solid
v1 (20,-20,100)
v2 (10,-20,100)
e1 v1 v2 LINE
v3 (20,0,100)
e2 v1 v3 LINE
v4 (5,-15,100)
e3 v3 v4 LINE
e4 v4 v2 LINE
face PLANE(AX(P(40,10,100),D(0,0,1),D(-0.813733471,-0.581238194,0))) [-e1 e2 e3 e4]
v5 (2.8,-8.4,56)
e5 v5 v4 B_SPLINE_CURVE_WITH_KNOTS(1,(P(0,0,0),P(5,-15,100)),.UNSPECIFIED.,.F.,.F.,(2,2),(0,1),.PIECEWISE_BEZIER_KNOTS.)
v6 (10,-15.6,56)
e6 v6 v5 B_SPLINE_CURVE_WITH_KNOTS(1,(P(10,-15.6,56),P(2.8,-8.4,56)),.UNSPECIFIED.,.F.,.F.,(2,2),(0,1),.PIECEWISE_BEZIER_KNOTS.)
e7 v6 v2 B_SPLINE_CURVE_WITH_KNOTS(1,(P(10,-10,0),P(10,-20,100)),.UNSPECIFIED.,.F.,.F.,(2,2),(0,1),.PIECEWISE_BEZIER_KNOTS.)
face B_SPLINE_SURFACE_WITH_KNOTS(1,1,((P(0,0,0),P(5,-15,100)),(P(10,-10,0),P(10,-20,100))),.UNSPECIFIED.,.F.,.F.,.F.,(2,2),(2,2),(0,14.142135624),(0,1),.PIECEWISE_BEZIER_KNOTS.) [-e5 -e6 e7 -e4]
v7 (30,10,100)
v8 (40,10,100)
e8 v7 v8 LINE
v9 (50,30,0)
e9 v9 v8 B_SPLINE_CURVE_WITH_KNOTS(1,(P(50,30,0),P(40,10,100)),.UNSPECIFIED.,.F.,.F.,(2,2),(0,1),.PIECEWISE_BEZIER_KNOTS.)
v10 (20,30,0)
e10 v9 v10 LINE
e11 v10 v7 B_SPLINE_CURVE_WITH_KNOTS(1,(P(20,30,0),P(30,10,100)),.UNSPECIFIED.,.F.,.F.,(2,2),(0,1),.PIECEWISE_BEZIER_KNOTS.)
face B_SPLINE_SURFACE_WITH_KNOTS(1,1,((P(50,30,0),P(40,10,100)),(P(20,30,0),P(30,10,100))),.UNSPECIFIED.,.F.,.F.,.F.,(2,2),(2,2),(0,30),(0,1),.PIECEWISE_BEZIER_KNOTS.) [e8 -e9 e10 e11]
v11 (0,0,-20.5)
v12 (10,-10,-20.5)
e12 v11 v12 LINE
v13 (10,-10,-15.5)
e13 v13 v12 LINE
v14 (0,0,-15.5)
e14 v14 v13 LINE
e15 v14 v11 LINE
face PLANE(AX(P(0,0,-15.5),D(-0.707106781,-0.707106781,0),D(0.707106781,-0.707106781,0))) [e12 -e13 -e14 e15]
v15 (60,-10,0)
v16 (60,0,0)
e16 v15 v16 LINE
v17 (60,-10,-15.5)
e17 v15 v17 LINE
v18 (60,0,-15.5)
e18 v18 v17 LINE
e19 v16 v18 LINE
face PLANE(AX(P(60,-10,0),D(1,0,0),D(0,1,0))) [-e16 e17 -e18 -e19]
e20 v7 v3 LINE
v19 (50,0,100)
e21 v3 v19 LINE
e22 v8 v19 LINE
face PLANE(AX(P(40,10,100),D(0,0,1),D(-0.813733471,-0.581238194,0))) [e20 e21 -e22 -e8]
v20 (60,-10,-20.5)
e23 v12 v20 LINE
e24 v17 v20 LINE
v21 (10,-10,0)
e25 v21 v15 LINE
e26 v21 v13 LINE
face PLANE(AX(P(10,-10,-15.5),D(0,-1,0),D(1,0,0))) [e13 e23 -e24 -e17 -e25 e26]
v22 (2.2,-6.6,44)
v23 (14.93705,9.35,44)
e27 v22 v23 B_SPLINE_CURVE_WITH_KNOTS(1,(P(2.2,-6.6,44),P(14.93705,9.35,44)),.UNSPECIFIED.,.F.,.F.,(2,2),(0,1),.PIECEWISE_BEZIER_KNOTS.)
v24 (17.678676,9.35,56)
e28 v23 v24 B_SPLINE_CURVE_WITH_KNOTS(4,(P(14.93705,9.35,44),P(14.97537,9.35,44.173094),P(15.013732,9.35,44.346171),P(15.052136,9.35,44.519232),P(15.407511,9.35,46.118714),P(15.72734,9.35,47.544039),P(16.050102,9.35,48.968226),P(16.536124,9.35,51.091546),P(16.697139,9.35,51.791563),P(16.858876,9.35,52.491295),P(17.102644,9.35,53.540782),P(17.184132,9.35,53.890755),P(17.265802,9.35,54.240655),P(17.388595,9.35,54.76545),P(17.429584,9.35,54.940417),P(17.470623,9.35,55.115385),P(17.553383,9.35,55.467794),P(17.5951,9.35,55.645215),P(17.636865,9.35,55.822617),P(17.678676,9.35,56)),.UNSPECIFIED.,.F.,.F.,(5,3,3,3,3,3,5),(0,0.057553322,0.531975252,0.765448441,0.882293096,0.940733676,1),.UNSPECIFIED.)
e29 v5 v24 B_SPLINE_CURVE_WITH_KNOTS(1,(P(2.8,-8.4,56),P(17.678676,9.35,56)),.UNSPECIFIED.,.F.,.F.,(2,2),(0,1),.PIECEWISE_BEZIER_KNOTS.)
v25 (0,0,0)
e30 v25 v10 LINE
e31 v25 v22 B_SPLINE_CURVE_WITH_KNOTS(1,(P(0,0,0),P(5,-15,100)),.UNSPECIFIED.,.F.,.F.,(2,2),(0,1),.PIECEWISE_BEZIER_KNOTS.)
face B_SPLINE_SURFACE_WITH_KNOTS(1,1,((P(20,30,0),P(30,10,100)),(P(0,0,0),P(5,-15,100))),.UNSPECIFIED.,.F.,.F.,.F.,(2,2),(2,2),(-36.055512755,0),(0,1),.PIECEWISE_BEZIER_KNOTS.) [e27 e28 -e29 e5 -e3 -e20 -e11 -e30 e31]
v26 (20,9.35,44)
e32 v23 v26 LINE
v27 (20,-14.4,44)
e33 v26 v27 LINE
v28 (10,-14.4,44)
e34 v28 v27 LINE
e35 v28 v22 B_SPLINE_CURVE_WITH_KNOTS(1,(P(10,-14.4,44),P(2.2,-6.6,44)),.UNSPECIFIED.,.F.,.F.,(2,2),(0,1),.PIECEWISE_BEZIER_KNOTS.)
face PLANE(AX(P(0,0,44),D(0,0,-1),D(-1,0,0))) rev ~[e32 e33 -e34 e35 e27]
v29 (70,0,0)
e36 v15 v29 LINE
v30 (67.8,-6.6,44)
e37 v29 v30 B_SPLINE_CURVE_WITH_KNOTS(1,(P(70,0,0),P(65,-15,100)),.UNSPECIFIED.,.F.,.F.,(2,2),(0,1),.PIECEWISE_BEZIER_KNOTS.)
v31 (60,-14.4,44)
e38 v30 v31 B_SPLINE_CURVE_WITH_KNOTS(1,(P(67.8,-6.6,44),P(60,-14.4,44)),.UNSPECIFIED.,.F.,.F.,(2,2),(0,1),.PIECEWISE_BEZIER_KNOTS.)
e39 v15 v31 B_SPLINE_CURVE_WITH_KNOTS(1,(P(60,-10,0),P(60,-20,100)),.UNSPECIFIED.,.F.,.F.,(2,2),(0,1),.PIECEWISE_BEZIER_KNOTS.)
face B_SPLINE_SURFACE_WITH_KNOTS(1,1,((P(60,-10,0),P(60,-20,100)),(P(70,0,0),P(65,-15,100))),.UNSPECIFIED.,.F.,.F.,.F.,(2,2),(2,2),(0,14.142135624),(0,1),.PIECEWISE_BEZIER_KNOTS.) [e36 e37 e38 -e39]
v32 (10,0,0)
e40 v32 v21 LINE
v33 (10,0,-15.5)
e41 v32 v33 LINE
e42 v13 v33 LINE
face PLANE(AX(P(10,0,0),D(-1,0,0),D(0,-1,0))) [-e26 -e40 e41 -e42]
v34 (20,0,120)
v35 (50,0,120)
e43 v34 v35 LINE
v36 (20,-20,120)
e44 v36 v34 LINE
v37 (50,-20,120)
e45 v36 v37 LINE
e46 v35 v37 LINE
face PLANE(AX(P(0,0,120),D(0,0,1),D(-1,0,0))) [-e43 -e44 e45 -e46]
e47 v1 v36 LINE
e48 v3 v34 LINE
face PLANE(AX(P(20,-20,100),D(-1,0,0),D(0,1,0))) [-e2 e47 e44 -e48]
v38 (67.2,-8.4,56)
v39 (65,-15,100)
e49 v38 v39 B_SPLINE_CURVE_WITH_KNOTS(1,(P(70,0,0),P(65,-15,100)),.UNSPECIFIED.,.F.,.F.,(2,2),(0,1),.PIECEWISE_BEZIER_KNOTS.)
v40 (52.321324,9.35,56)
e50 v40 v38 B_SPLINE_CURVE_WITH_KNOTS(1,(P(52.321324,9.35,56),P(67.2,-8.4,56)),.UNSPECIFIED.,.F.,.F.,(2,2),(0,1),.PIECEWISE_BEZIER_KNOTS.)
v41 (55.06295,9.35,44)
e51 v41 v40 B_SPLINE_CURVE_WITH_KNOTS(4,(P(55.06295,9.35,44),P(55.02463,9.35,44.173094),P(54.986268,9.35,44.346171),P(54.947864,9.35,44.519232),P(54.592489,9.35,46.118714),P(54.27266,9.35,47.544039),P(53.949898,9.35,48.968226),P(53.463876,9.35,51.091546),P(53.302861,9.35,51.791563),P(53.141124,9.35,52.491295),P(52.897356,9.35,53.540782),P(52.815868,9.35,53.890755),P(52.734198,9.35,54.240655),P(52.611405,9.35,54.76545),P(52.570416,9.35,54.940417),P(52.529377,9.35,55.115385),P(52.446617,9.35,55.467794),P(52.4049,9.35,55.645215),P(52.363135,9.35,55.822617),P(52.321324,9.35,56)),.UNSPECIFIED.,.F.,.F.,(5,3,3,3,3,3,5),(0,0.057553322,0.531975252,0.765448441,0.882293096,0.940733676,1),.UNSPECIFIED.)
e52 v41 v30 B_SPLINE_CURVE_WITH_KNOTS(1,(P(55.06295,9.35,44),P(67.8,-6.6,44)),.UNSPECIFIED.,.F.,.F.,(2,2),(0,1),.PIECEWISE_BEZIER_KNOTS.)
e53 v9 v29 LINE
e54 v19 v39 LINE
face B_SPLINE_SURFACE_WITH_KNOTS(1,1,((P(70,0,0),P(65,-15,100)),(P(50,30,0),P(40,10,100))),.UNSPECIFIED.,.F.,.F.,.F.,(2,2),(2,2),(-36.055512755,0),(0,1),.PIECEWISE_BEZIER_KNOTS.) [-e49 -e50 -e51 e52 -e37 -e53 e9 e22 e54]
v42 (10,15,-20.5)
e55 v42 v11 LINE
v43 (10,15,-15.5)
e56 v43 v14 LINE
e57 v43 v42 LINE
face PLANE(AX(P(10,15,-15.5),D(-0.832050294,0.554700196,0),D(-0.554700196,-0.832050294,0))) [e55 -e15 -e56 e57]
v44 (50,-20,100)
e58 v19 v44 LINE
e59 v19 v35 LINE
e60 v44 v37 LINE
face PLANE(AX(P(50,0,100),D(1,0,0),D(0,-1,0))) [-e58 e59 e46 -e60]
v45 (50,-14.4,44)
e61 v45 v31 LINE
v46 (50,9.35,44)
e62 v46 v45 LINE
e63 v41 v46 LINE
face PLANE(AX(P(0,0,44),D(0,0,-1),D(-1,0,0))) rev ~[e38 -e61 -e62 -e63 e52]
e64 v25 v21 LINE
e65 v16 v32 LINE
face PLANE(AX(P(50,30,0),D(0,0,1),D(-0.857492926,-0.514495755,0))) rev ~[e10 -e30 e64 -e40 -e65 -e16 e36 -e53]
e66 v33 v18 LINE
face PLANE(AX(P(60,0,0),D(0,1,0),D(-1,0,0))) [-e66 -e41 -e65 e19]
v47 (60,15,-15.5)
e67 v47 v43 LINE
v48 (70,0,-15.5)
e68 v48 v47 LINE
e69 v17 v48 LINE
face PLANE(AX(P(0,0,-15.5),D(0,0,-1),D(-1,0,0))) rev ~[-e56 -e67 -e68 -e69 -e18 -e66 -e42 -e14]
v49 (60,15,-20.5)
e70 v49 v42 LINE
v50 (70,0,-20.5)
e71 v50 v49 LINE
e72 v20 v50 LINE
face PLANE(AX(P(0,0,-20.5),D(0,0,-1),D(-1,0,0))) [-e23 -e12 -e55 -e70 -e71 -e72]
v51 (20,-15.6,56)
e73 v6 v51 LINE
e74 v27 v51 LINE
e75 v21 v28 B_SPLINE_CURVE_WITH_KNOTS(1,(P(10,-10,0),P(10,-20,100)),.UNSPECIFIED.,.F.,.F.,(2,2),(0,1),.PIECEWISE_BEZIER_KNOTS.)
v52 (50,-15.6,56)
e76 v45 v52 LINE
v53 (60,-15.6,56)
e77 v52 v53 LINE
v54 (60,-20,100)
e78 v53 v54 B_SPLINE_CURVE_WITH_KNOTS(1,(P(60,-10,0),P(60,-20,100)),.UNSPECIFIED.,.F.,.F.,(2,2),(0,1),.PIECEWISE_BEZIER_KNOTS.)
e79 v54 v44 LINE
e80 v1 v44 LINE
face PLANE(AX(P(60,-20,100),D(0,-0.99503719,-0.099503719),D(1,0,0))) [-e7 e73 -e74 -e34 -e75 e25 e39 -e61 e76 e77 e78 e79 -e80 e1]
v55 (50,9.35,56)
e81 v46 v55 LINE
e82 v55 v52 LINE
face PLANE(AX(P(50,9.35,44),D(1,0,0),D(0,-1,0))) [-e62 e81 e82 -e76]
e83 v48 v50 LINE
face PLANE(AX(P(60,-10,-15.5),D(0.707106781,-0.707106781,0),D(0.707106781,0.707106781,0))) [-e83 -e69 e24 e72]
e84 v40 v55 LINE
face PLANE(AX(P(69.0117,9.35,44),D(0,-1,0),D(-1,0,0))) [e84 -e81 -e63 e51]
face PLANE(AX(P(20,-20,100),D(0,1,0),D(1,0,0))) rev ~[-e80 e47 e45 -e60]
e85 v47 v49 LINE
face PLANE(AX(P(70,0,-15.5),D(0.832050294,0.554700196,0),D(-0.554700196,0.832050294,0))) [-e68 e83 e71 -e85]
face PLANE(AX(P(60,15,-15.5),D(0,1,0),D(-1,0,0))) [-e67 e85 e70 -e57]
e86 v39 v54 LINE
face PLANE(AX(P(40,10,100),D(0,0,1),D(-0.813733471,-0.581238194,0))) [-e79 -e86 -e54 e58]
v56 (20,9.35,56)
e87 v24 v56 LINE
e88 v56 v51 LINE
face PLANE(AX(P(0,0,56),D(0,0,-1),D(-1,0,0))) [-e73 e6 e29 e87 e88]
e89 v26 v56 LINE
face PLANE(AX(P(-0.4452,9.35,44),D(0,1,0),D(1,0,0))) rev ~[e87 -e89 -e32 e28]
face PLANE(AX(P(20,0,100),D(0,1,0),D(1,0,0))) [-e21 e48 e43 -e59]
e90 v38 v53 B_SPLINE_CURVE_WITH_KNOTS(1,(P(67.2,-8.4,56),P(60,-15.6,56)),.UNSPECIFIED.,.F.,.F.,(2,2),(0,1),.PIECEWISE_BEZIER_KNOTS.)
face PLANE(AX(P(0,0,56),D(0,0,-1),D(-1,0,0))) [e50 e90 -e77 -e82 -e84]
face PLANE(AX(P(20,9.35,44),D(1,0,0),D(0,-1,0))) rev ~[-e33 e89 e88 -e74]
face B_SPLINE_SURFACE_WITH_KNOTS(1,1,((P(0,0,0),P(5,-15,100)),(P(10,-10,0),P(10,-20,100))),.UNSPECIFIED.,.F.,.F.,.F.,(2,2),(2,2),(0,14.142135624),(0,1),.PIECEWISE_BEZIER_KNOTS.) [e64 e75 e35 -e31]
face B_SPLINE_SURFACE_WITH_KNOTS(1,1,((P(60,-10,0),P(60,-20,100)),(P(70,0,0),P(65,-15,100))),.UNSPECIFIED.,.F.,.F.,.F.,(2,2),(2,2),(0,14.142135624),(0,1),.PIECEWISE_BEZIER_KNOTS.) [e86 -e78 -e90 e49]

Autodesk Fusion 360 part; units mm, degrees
sketch "Sketch1" plane through (0, 0, 0) normal (0, 0, 1) x (1, 0, 0)
  line L0 (50, 30) -> (20, 30)
  line L1 (0, 0) -> (20, 30)
  line L2 (50, 30) -> (70, 0)
  line L3 (0, 0) -> (10, -10)
  line L4 (10, -10) -> (60, -10)
  line L5 (60, -10) -> (70, 0)
ref_plane "WorkPlane1" through (0, 0, 100) normal (0, 0, 1) x (1, 0, 0)
sketch "Sketch2" plane through (0, 0, 100) normal (0, 0, 1) x (1, 0, 0)
  line L0 (30, 10) -> (40, 10)
  line L1 (60, -20) -> (10, -20)
  line L2 (30, 10) -> (5, -15)
  line L3 (5, -15) -> (10, -20)
  line L4 (40, 10) -> (65, -15)
  line L5 (65, -15) -> (60, -20)
loft "Loft1" add profiles "Sketch1", "Sketch2" section 1 section 2 makes body 1
ref_plane "WorkPlane2" through (35, 10, 50) normal (0, 0, -1) x (-1, 0, 0)
sketch "Sketch3" plane through (0, 0, 50) normal (0, 0, -1) x (-1, 0, 0)
  line L0 (0.4452, 9.35) -> (-20, 9.35)
  line L1 (-20, 9.35) -> (-20, -30.9261)
  line L2 (-20, -30.9261) -> (0.4452, -30.9261)
  line L3 (0.4452, -30.9261) -> (0.4452, 9.35)
  line L4 (-69.0117, 9.35) -> (-50, 9.35)
  line L5 (-50, 9.35) -> (-50, -30.2583)
  line L6 (-50, -30.2583) -> (-69.0117, -30.2583)
  line L7 (-69.0117, -30.2583) -> (-69.0117, 9.35)
extrude "Extrude1" cut sketch "Sketch3" along normal blind -6 and the other way blind -6 bodies 1
ref_plane "WorkPlane3" through (35, 10, -15.5) normal (0, 0, -1) x (-1, 0, 0)
sketch "Sketch4" plane through (0, 0, -15.5) normal (0, 0, -1) x (-1, 0, 0)
  line L0 (-70, 0) -> (-60, 15)
  line L1 (0, 0) -> (-10, -10)
  line L2 (-10, -10) -> (-60, -10)
  line L3 (-60, -10) -> (-70, 0)
  line L4 (-10, 15) -> (0, 0)
  line L5 (-60, 15) -> (-10, 15)
extrude "Extrude2" add sketch "Sketch4" along normal blind 5 separate body makes body 2
sketch "Sketch5" plane through (0, 0, 0) normal (0, 0, -1) x (1, 0, 0)
  line L0 (10, 10) -> (0, 0)
  line L1 (0, 0) -> (20, -30)
  line L2 (20, -30) -> (50, -30)
  line L3 (50, -30) -> (70, 0)
  line L4 (70, 0) -> (60, 10)
  line L5 (60, 10) -> (10, 10)
  line L6 (10, 10) -> (60, 10)
  line L7 (60, 10) -> (60, 0)
  line L8 (60, 0) -> (10, 0)
  line L9 (10, 0) -> (10, 10)
extrude "Extrude3" add sketch "Sketch5" along normal blind 20 contours L5 L6 L7 L8 L9 bodies 1 2
sketch "Sketch6" plane through (0, 0, 100) normal (0, 0, 1) x (-1, 0, 0)
  line L0 (-5, 15) -> (-10, 20)
  line L1 (-10, 20) -> (-60, 20)
  line L2 (-60, 20) -> (-65, 15)
  line L3 (-65, 15) -> (-40, -10)
  line L4 (-40, -10) -> (-30, -10)
  line L5 (-30, -10) -> (-5, 15)
  line L6 (-20, 0) -> (-50, 0)
  line L7 (-50, 0) -> (-50, 20)
  line L8 (-50, 20) -> (-20, 20)
  line L9 (-20, 20) -> (-20, 0)
extrude "Extrude4" add sketch "Sketch6" along normal blind 20 contours L1 L6 L7 L8 L9 bodies 1
